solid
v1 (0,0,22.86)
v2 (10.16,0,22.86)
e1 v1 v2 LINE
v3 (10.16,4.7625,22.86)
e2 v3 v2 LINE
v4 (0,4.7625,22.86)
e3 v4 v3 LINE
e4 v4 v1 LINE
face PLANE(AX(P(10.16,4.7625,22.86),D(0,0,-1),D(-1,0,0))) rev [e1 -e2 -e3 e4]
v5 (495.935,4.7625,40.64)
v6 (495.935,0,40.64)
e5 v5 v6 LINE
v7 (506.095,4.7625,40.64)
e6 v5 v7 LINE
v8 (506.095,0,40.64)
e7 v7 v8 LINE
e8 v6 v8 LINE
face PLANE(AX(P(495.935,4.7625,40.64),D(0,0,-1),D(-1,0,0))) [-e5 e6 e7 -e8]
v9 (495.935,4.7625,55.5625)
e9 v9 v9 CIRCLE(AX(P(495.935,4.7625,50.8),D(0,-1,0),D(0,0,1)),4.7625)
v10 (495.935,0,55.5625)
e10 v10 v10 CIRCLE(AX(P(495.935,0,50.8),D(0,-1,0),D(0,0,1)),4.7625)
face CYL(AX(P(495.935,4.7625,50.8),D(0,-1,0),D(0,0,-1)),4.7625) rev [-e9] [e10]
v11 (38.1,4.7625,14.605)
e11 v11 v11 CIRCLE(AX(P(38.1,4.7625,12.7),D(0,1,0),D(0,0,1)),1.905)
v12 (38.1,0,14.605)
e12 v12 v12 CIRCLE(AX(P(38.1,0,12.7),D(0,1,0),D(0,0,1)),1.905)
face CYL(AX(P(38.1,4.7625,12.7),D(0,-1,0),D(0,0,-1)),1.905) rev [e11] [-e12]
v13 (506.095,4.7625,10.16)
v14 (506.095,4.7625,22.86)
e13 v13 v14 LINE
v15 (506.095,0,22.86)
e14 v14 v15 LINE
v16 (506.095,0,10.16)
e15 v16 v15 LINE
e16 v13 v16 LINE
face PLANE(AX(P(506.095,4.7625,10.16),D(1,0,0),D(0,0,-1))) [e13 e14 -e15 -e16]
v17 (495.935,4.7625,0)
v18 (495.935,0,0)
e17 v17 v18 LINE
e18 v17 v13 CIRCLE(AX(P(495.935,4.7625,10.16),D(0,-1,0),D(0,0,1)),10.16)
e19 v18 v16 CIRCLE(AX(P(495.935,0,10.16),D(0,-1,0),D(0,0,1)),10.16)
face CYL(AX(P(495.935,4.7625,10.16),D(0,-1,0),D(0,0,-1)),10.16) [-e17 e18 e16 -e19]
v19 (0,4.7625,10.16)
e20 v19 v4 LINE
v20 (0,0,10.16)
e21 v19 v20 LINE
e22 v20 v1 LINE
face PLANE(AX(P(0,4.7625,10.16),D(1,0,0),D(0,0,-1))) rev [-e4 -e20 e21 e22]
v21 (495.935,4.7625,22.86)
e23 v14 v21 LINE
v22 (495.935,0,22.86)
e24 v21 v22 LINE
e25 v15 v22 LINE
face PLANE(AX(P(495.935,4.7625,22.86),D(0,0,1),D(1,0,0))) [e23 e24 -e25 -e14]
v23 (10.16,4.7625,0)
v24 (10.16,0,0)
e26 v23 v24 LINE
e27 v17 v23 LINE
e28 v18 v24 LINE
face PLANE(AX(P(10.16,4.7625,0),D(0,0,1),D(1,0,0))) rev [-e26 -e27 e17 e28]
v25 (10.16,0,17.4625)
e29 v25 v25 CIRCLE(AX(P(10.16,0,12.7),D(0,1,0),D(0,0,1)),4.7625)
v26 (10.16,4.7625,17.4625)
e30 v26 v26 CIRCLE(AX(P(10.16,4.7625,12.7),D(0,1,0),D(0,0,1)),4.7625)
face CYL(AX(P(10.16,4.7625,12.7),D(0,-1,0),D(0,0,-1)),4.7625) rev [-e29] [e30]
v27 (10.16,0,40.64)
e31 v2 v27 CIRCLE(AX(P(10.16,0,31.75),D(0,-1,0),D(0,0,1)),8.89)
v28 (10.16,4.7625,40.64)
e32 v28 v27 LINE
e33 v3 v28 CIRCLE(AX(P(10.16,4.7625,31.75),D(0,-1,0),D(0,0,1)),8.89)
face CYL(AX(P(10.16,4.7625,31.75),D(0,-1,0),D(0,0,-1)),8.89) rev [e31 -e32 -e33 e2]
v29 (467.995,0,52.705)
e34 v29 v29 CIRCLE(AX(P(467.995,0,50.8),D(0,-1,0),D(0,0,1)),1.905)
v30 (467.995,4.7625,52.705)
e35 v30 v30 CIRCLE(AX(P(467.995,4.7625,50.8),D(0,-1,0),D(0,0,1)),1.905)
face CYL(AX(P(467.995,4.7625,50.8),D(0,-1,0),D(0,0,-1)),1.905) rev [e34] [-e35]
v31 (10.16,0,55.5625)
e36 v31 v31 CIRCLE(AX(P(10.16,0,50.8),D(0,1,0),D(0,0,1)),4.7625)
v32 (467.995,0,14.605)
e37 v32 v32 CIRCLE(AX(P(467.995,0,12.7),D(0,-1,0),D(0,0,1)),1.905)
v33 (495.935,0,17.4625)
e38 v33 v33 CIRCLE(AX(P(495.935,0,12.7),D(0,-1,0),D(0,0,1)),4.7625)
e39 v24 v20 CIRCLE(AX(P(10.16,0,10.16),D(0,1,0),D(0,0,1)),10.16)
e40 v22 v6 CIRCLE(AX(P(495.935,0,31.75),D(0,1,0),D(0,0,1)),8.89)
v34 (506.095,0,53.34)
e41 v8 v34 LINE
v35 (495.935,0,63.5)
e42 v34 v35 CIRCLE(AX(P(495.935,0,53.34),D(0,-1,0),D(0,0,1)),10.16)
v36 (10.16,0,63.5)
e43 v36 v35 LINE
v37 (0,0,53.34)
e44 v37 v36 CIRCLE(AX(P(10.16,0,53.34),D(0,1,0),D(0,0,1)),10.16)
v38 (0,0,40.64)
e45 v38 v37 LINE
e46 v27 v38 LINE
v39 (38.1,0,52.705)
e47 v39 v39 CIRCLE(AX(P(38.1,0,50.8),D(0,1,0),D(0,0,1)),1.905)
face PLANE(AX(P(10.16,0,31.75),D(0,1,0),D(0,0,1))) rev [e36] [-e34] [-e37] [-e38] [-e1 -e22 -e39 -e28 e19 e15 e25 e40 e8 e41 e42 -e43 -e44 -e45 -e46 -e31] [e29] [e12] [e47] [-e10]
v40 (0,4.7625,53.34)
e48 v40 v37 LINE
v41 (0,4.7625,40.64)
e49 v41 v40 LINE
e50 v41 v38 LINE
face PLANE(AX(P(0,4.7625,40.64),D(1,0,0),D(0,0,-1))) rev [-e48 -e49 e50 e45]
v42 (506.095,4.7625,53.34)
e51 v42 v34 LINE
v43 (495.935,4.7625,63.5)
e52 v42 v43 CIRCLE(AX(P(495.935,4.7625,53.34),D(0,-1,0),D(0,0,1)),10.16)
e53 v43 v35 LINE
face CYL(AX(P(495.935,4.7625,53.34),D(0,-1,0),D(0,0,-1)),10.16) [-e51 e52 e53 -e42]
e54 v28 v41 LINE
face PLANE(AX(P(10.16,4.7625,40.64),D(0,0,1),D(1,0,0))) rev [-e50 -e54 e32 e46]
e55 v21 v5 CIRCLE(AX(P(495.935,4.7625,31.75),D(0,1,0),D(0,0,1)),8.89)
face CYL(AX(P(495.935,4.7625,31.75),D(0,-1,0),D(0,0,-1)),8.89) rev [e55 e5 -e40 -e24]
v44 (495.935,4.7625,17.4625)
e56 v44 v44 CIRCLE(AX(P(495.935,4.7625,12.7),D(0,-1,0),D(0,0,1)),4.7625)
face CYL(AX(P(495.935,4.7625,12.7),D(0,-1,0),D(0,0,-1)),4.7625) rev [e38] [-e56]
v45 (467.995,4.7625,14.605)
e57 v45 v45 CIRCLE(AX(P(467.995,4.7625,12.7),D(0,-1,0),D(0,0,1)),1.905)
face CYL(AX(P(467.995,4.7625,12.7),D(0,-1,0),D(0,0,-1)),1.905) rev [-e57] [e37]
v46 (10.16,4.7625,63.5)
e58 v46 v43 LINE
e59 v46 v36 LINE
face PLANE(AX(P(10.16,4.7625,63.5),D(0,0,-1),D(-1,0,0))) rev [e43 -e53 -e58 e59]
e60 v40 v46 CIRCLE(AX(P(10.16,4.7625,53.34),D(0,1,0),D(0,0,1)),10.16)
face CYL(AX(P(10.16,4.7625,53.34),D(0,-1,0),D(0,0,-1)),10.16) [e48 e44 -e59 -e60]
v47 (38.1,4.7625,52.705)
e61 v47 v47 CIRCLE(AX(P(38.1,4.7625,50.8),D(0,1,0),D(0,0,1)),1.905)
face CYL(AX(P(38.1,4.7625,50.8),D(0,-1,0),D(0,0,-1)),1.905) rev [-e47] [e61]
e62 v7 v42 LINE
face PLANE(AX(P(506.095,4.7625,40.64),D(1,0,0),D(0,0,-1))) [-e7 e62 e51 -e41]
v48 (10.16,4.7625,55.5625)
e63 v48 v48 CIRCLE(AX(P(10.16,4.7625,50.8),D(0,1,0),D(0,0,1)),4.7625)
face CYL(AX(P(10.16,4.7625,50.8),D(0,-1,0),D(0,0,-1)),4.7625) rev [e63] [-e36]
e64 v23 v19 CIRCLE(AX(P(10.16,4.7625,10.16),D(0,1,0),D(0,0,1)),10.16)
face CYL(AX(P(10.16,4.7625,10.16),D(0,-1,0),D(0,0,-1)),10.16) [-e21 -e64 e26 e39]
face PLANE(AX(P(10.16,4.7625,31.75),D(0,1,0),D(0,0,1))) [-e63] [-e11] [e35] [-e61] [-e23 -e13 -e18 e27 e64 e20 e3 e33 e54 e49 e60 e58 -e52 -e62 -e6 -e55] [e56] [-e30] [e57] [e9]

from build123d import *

# Parameters (mm, degrees)
SKETCH1_R           = 4.7625
SKETCH1_R_2         = 1.905
BOSS_EXTRUDE1_DEPTH = 4.7625


with BuildPart() as part:
    # Sketch1 → Boss-Extrude1 (new body)
    with BuildSketch(Plane(origin=(0, 0, 0), x_dir=(1, 0, 0), z_dir=(0, 1, 0))):
        with BuildLine():
            Line((10.16, 0), (253.0475, 0))
            Line((253.0475, 0), (253.0475, -63.5))
            Line((253.0475, -63.5), (10.16, -63.5))
            ThreePointArc((10.16, -63.5), (2.975795103, -60.524204897), (0, -53.34))
            Line((0, -53.34), (0, -40.64))
            Line((0, -40.64), (10.16, -40.64))
            ThreePointArc((10.16, -40.64), (19.05, -31.75), (10.16, -22.86))
            Line((10.16, -22.86), (0, -22.86))
            Line((0, -22.86), (0, -10.16))
            ThreePointArc((0, -10.16), (2.975795103, -2.975795103), (10.16, 0))
        make_face()
        with Locations((10.16, -50.8)):
            Circle(SKETCH1_R, mode=Mode.SUBTRACT)
        with Locations((10.16, -12.7)):
            Circle(SKETCH1_R, mode=Mode.SUBTRACT)
        with Locations((38.1, -50.8)):
            Circle(SKETCH1_R_2, mode=Mode.SUBTRACT)
        with Locations((38.1, -12.7)):
            Circle(SKETCH1_R_2, mode=Mode.SUBTRACT)
    boss_extrude1 = extrude(amount=BOSS_EXTRUDE1_DEPTH)

    # Mirror1: Boss-Extrude1 across plane
    add(boss_extrude1.mirror(Plane(origin=(253.0475, 4.7625, 63.5), x_dir=(0, 0, 1), z_dir=(-1, 0, 0))))


solid = part.part
